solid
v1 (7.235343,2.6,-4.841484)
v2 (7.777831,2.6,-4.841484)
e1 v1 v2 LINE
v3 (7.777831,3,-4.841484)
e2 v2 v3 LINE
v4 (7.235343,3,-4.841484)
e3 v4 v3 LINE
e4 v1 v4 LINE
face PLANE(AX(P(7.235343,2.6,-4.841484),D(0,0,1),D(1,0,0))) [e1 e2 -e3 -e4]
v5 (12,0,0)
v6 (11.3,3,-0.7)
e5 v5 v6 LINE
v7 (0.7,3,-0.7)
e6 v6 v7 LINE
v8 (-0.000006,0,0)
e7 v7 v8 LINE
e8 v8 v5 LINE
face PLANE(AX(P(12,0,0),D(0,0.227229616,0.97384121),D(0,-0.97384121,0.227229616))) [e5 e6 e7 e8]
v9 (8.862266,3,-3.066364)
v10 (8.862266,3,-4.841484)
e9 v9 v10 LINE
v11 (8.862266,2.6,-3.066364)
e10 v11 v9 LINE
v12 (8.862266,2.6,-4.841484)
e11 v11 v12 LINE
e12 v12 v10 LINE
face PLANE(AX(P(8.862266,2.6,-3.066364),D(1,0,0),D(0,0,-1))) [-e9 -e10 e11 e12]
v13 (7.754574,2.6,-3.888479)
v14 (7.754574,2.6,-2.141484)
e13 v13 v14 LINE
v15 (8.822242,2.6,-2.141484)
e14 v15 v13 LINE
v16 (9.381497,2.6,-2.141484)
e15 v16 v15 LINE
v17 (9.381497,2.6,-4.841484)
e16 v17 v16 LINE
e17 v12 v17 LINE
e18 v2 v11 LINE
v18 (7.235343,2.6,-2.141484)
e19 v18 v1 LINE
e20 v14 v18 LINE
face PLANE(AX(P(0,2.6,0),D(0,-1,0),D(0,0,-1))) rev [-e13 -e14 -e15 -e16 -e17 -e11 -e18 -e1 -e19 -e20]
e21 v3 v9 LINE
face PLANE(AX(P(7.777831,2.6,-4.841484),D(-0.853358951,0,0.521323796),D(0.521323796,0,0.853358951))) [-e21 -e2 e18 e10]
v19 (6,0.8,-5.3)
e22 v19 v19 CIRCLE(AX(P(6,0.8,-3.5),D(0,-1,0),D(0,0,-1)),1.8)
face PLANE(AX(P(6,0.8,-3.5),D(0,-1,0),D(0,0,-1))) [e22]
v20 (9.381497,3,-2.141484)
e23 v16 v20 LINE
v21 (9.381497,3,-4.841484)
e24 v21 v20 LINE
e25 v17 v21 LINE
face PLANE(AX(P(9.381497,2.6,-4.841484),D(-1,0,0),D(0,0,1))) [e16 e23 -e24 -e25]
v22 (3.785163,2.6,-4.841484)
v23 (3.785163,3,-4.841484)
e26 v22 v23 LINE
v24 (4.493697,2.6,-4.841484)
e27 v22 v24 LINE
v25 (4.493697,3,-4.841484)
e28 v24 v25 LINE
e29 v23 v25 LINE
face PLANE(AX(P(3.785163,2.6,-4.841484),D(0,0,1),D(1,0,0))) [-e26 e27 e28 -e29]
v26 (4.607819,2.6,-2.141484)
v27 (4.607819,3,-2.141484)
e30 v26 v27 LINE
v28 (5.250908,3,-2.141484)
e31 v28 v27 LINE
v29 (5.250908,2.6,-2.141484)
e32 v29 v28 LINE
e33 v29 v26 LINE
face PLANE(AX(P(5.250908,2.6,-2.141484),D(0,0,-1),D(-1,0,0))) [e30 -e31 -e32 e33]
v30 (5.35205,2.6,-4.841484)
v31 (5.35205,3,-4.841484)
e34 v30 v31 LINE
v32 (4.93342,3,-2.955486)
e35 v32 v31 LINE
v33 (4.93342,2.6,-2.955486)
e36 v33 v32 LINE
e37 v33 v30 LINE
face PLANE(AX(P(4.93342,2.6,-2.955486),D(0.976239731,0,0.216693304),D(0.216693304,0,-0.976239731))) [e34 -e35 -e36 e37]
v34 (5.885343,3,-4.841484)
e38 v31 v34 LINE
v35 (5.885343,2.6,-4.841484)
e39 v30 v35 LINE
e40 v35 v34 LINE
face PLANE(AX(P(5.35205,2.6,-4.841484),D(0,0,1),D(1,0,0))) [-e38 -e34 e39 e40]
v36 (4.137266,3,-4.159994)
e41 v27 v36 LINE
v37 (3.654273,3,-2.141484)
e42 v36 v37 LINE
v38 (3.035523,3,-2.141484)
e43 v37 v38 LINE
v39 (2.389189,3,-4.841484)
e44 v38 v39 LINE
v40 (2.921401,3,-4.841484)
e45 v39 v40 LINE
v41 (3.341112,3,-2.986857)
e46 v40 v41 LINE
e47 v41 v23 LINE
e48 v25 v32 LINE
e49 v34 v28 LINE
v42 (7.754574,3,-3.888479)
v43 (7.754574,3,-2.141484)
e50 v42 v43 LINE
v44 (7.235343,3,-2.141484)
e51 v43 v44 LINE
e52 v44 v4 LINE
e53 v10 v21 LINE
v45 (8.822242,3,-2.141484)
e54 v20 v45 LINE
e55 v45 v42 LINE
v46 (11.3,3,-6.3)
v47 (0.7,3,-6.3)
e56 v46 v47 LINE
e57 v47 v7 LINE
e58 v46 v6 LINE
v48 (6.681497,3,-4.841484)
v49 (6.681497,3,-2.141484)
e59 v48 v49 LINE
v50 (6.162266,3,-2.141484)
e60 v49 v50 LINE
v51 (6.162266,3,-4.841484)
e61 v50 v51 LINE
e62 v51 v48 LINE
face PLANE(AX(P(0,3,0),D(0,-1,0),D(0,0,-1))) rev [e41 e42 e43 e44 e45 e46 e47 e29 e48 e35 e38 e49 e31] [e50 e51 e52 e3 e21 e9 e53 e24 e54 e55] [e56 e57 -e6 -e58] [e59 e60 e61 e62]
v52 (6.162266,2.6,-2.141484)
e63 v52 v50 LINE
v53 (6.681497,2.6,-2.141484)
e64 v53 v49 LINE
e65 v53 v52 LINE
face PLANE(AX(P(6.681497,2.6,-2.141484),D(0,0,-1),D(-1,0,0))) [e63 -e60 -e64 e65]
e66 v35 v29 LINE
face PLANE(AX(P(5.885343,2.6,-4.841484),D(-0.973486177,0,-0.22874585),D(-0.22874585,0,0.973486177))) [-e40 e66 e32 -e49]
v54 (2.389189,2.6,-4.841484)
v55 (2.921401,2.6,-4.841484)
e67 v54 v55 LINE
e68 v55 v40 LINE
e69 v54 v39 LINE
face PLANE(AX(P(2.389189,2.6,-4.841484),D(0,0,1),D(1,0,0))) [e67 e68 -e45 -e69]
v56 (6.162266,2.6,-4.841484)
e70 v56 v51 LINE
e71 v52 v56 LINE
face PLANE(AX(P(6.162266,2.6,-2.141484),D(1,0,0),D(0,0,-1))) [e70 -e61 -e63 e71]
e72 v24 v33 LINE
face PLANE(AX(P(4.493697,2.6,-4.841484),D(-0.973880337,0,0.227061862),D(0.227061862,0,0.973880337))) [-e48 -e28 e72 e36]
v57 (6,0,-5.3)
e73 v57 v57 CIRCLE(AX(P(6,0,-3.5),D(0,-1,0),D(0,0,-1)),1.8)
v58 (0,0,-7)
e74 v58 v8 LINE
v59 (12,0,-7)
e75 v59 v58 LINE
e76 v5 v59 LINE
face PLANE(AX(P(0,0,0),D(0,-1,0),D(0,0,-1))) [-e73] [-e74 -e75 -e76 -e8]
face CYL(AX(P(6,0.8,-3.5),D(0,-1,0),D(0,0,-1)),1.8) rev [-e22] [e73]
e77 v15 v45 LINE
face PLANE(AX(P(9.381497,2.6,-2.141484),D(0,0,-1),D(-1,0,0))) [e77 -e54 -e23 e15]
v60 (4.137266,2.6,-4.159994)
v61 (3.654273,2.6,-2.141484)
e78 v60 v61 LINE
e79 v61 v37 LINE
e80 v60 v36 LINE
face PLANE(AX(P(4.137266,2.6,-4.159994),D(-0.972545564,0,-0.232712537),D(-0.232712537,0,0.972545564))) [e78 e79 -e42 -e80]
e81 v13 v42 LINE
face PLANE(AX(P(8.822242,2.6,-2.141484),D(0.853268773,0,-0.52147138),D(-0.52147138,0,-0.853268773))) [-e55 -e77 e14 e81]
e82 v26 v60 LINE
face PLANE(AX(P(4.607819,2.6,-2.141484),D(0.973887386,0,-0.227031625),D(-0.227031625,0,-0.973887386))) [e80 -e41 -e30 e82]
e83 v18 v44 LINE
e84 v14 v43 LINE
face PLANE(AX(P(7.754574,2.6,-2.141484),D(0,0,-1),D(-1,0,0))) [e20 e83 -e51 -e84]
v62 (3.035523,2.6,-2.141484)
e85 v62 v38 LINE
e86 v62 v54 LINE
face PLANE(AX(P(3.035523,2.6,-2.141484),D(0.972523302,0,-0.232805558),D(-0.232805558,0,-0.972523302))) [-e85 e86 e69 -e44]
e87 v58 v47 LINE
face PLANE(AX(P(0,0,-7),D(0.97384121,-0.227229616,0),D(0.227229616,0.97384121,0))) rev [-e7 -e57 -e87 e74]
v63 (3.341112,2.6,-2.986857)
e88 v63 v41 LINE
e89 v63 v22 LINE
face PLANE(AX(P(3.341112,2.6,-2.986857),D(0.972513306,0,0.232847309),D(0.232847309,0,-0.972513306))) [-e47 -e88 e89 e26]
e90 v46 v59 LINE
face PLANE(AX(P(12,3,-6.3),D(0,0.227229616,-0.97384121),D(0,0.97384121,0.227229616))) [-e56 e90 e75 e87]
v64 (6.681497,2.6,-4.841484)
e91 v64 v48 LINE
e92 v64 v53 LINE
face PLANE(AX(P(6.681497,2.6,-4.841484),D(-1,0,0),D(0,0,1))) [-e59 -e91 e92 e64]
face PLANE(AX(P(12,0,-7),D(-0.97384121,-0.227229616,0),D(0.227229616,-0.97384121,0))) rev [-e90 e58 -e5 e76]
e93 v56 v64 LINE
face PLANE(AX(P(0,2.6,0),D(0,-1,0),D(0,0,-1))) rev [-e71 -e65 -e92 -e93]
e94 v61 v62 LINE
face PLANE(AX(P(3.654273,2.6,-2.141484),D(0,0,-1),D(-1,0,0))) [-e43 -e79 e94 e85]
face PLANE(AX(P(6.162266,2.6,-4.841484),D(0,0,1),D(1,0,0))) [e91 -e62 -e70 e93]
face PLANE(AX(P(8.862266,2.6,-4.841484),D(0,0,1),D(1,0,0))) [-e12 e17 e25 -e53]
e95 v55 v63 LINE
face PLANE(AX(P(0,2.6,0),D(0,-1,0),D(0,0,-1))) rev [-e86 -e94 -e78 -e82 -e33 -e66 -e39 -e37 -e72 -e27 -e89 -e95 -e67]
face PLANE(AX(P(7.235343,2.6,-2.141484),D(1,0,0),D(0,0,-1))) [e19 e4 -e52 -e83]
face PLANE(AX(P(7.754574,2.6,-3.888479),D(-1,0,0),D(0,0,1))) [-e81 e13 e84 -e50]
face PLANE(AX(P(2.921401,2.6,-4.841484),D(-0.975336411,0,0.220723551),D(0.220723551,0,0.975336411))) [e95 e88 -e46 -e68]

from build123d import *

# Parameters (mm, degrees)
SKETCH1_W               = 12
SKETCH1_H               = 7
BOSS_EXTRUDE1_DEPTH     = 3
CUT_EXTRUDE1_DEPTH      = 7
CUT_EXTRUDE2_DEPTH      = 15.212670404
CUT_EXTRUDE2_DEPTH_BACK = 15.212670404
SKETCH4_R               = 1.8
CUT_EXTRUDE3_DEPTH      = 0.8
SKETCH5_W               = 0.519230769
SKETCH5_H               = 2.7
CUT_EXTRUDE4_DEPTH      = 0.4


with BuildPart() as part:
    # Sketch1 → Boss-Extrude1 (new body)
    with BuildSketch(Plane(origin=(0, 0, 0), x_dir=(1, 0, 0), z_dir=(0, 1, 0))):
        with Locations((6, 3.5)):
            Rectangle(SKETCH1_W, SKETCH1_H)
    extrude(amount=BOSS_EXTRUDE1_DEPTH)

    # Sketch2 → Cut-Extrude1 (cut)
    with BuildSketch(Plane.XY):
        Polygon((0, 0), (0.7, 3), (0, 3), align=None)
        Polygon((12, 0), (11.3, 3), (12, 3), align=None)
    extrude(amount=-CUT_EXTRUDE1_DEPTH, mode=Mode.SUBTRACT)

    # Sketch3 → Cut-Extrude2 (cut, two sides: drawn at the far end of the back side and taken through both)
    with BuildSketch(Plane(origin=(0, 0, 0), x_dir=(0, 0, -1), z_dir=(1, 0, 0)).offset(-CUT_EXTRUDE2_DEPTH_BACK)):
        Polygon((0, 0), (0.7, 3), (0, 3), align=None)
        Polygon((7, 3), (6.3, 3), (7, 0), align=None)
    extrude(amount=CUT_EXTRUDE2_DEPTH + CUT_EXTRUDE2_DEPTH_BACK, mode=Mode.SUBTRACT)

    # Sketch4 → Cut-Extrude3 (cut)
    with BuildSketch(Plane.XZ):
        with Locations(Location((6, -3.5, 0), (0, 0, 270))):
            Circle(SKETCH4_R)
    extrude(amount=-CUT_EXTRUDE3_DEPTH, mode=Mode.SUBTRACT)

    # Sketch5 → Cut-Extrude4 (cut)
    with BuildSketch(Plane(origin=(0, 3, 0), x_dir=(1, 0, 0), z_dir=(0, 1, 0))):
        Polygon((3.035523477, 2.141483951), (2.389189343, 4.841483951), (2.921400881, 4.841483951), (3.341112419, 2.986856547), (3.7851629, 4.841483951), (4.493696554, 4.841483951), (4.933420112, 2.955486355), (5.352049919, 4.841483951), (5.885343189, 4.841483951), (5.250908093, 2.141483951), (4.60781915, 2.141483951), (4.137266266, 4.159993566), (3.654273477, 2.141483951), align=None)
        with Locations((6.421881651, 3.491483951)):
            Rectangle(SKETCH5_W, SKETCH5_H)
        Polygon((7.235343189, 2.141483951), (7.235343189, 4.841483951), (7.777831169, 4.841483951), (8.862266266, 3.066363758), (8.862266266, 4.841483951), (9.381497035, 4.841483951), (9.381497035, 2.141483951), (8.822242227, 2.141483951), (7.754573958, 3.888479143), (7.754573958, 2.141483951), align=None)
    extrude(amount=-CUT_EXTRUDE4_DEPTH, mode=Mode.SUBTRACT)


solid = part.part
